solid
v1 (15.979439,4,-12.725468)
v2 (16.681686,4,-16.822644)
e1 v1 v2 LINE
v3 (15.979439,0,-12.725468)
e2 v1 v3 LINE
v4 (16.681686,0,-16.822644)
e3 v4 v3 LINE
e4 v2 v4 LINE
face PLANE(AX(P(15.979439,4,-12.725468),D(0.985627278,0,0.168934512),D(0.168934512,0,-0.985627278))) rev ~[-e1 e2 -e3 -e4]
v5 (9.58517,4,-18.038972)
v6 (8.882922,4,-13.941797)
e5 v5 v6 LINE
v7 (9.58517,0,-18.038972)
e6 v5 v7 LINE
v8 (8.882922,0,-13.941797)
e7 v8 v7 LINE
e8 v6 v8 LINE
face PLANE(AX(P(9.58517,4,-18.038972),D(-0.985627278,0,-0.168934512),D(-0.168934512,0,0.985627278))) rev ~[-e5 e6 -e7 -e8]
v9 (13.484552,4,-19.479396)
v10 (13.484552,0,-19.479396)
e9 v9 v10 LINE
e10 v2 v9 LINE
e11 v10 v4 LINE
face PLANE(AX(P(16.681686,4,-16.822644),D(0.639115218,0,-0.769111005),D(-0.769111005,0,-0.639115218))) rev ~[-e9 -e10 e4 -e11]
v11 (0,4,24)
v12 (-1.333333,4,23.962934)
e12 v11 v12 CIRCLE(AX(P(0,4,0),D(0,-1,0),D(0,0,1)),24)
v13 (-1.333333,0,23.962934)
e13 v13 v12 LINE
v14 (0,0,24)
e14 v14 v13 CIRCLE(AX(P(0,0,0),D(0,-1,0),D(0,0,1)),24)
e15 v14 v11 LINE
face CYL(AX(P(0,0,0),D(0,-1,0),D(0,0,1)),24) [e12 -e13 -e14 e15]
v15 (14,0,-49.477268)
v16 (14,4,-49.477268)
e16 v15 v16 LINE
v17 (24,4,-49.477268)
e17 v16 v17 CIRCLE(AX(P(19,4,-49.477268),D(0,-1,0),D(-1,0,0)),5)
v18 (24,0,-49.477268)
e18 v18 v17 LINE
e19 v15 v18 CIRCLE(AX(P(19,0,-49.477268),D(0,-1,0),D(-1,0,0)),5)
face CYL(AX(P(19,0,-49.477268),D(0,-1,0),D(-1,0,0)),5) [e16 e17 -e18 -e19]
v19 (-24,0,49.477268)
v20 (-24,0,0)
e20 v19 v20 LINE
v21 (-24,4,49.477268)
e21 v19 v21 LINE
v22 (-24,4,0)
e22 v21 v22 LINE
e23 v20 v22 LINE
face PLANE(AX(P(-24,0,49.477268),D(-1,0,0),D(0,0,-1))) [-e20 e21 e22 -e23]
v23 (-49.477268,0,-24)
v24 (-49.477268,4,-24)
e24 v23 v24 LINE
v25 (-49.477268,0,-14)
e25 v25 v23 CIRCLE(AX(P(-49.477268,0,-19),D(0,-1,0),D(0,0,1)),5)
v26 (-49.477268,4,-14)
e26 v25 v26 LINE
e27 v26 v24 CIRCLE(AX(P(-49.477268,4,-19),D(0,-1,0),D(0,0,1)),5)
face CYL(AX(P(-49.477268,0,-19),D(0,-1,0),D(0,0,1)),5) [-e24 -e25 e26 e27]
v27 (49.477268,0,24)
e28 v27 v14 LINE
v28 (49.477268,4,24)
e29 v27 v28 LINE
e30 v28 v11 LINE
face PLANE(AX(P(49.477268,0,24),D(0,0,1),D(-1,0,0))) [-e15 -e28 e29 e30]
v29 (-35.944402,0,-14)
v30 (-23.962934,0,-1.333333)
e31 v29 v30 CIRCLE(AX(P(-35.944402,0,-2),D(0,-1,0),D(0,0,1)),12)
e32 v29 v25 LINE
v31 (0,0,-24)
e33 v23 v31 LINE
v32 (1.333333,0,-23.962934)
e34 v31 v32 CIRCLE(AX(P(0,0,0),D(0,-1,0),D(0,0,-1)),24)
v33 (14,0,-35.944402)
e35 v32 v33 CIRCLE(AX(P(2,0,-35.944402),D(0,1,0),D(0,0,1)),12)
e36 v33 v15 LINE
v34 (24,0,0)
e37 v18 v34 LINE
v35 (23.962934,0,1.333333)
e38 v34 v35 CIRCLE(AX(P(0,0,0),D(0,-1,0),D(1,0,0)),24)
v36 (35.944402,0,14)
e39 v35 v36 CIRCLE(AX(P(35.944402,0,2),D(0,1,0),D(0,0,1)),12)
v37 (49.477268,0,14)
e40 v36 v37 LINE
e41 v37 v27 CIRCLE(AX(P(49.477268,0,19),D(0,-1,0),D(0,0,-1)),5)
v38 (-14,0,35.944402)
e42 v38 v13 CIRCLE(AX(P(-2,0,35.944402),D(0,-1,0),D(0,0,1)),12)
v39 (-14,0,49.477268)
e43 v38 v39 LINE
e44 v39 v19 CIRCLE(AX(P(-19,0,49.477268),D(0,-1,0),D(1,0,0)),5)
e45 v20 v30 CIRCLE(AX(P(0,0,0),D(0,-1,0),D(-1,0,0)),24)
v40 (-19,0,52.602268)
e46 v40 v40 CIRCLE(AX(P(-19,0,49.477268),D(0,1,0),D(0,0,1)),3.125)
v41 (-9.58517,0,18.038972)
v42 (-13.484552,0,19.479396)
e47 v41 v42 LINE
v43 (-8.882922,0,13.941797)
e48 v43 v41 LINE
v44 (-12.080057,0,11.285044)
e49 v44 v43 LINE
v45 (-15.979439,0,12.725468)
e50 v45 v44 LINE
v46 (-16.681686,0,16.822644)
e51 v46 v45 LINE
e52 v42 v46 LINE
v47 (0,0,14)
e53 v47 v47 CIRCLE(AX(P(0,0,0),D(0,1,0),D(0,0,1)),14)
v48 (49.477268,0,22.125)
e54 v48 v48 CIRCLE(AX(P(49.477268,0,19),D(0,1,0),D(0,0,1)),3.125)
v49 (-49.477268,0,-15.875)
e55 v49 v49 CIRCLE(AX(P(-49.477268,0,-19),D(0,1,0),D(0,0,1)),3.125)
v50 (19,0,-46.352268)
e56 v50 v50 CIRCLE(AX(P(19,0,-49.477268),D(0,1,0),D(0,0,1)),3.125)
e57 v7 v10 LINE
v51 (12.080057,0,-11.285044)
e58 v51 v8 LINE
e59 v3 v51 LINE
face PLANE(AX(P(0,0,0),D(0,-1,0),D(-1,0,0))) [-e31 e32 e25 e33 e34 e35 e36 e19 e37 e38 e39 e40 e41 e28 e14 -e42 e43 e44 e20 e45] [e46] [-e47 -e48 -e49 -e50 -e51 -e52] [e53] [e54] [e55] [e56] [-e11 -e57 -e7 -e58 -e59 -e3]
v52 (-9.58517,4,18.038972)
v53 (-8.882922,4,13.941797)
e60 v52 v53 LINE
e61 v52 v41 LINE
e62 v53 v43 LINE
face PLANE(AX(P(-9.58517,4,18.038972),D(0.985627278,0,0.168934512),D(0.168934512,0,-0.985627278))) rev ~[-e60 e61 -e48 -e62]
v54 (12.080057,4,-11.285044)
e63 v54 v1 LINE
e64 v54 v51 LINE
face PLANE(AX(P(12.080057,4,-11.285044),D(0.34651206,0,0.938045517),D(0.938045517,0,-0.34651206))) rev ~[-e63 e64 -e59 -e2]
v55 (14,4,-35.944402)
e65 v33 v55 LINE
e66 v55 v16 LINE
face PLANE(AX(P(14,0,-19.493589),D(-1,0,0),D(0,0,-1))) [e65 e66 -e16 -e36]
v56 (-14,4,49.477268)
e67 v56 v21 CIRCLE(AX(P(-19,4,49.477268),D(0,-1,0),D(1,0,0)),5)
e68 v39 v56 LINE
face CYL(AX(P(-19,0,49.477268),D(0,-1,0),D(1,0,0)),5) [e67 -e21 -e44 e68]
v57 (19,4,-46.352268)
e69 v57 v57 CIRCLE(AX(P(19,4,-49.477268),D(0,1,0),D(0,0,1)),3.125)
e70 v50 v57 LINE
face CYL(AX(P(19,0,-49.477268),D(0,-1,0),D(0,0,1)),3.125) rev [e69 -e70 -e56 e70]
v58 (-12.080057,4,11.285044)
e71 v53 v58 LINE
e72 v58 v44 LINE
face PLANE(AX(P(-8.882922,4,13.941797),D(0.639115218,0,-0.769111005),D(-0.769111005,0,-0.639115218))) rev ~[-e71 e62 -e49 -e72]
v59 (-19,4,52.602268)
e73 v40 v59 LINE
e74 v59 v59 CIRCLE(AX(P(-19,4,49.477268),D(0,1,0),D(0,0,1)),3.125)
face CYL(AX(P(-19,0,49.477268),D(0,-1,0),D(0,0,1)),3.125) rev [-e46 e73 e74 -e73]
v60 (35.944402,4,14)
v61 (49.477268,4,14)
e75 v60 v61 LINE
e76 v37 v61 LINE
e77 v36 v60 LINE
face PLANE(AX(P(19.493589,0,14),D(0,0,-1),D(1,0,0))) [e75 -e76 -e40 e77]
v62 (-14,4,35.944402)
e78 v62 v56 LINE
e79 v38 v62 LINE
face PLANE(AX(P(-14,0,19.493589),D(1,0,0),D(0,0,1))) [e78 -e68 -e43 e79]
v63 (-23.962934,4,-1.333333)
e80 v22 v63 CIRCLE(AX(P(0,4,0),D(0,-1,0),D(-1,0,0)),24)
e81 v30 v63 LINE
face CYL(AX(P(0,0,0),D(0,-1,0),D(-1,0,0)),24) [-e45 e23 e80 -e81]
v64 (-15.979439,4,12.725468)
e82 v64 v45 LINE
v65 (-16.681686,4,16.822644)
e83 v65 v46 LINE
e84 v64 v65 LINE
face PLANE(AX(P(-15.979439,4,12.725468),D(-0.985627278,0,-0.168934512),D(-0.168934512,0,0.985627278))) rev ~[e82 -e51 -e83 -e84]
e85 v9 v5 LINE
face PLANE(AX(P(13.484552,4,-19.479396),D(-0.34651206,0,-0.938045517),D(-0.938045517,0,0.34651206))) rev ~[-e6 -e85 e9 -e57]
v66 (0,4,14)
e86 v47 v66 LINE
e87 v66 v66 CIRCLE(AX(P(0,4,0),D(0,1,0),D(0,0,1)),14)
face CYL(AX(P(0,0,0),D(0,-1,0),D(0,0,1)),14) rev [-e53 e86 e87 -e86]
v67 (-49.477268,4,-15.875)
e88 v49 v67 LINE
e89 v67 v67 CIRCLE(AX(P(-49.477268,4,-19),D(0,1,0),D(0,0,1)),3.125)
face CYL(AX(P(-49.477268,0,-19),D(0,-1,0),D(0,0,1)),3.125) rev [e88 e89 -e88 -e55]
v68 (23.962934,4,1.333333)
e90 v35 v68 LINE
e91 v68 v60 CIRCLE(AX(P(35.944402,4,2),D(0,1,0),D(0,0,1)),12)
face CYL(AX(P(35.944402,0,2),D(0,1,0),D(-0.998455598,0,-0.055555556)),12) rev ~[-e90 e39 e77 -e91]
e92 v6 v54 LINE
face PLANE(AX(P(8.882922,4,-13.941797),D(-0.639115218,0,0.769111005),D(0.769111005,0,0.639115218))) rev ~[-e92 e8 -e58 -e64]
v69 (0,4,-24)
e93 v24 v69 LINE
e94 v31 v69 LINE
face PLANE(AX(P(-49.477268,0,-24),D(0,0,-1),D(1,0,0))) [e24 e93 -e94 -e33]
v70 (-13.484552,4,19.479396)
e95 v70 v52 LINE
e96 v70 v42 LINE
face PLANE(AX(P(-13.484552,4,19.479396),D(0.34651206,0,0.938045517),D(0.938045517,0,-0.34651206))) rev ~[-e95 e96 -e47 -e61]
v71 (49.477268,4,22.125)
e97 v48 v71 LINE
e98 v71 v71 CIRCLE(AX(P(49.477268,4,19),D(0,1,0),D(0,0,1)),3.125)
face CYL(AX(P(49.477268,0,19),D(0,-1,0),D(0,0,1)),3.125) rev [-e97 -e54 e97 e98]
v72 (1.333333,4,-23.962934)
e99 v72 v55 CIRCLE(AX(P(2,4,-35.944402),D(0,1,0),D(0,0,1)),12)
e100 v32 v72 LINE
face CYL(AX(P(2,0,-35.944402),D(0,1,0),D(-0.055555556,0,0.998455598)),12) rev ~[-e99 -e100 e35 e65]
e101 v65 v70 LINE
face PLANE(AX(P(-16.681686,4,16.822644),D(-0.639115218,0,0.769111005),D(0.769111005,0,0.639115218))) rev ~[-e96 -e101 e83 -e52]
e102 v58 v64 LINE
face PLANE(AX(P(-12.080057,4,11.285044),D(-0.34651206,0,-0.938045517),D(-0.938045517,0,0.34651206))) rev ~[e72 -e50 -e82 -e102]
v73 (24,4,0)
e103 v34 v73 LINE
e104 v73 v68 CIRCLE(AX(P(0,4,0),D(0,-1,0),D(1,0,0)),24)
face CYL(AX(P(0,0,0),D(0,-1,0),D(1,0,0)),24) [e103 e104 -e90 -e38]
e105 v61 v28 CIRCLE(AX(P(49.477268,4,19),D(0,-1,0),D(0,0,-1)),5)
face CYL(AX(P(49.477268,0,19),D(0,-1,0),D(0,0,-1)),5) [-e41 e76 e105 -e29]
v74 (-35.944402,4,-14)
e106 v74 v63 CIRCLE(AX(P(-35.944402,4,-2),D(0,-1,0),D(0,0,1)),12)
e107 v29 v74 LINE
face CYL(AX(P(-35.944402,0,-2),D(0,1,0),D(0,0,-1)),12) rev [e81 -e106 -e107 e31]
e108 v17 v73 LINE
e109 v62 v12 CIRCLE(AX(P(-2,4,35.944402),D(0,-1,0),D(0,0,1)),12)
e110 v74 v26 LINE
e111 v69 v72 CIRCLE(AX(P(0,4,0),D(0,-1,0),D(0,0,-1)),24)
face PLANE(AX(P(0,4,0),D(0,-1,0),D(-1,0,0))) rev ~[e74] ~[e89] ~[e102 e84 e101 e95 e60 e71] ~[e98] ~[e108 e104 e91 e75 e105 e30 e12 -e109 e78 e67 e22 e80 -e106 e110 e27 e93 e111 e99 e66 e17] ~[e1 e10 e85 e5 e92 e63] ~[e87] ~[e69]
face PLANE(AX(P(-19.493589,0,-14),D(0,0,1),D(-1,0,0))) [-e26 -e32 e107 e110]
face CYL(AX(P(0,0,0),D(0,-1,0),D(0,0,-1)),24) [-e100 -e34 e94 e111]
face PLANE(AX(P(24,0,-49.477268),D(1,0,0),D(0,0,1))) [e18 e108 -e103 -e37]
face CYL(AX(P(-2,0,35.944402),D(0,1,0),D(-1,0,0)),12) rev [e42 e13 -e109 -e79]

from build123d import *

# Parameters (mm, degrees)
SKETCH1_R           = 14
SKETCH1_R_2         = 3.125
BOSS_EXTRUDE1_DEPTH = 4
FILLET1_R           = 12
CUT_EXTRUDE2_DEPTH  = 10


with BuildPart() as part:
    # Sketch1 → Boss-Extrude1 (new body)
    with BuildSketch(Plane(origin=(0, 0, 0), x_dir=(1, 0, 0), z_dir=(0, 1, 0))):
        with BuildLine():
            Line((-49.477267507, 24), (0, 24))
            ThreePointArc((0, 24), (7.353702178, 22.845635563), (14, 19.49358869))
            Line((14, 19.49358869), (14, 49.477267507))
            ThreePointArc((14, 49.477267507), (19, 54.477267507), (24, 49.477267507))
            Line((24, 49.477267507), (24, 0))
            ThreePointArc((24, 0), (22.845635563, -7.353702178), (19.49358869, -14))
            Line((19.49358869, -14), (49.477267507, -14))
            ThreePointArc((49.477267507, -14), (54.477267507, -19), (49.477267507, -24))
            Line((49.477267507, -24), (0, -24))
            ThreePointArc((0, -24), (-7.353702178, -22.845635563), (-14, -19.49358869))
            Line((-14, -19.49358869), (-14, -49.477267507))
            ThreePointArc((-14, -49.477267507), (-19, -54.477267507), (-24, -49.477267507))
            Line((-24, -49.477267507), (-24, 0))
            ThreePointArc((-24, 0), (-22.845635563, 7.353702178), (-19.49358869, 14))
            Line((-19.49358869, 14), (-49.477267507, 14))
            ThreePointArc((-49.477267507, 14), (-54.477267507, 19), (-49.477267507, 24))
        make_face()
        with Locations(Location((0, 0, 0), (0, 0, 270))):
            Circle(SKETCH1_R, mode=Mode.SUBTRACT)
        with Locations(Location((-19, -49.477267507, 0), (0, 0, 270))):
            Circle(SKETCH1_R_2, mode=Mode.SUBTRACT)
        with Locations(Location((-49.477267507, 19, 0), (0, 0, 270))):
            Circle(SKETCH1_R_2, mode=Mode.SUBTRACT)
        with Locations(Location((19, 49.477267507, 0), (0, 0, 270))):
            Circle(SKETCH1_R_2, mode=Mode.SUBTRACT)
        with Locations(Location((49.477267507, -19, 0), (0, 0, 270))):
            Circle(SKETCH1_R_2, mode=Mode.SUBTRACT)
    extrude(amount=BOSS_EXTRUDE1_DEPTH)

    # Fillet1
    fillet1_edges = [part.edges().sort_by_distance(p)[0] for p in [
        (-19.49358869, 2, -14),
        (14, 2, -19.49358869),
        (19.49358869, 2, 14),
        (-14, 2, 19.49358869),
    ]]
    fillet(fillet1_edges, radius=FILLET1_R)

    # Sketch3 → Cut-Extrude2 (cut)
    with BuildSketch(Plane(origin=(0, 4, 0), x_dir=(1, 0, 0), z_dir=(0, 1, 0))):
        Polygon((9.585169941, 18.038972177), (8.882922363, 13.941796523), (12.080056774, 11.285044454), (15.979438763, 12.725468039), (16.681686341, 16.822643693), (13.48455193, 19.479395762), align=None)
        Polygon((-15.979438763, -12.725468039), (-16.681686341, -16.822643693), (-13.48455193, -19.479395762), (-9.585169941, -18.038972177), (-8.882922363, -13.941796523), (-12.080056774, -11.285044454), align=None)
    extrude(amount=-CUT_EXTRUDE2_DEPTH, mode=Mode.SUBTRACT)


solid = part.part
